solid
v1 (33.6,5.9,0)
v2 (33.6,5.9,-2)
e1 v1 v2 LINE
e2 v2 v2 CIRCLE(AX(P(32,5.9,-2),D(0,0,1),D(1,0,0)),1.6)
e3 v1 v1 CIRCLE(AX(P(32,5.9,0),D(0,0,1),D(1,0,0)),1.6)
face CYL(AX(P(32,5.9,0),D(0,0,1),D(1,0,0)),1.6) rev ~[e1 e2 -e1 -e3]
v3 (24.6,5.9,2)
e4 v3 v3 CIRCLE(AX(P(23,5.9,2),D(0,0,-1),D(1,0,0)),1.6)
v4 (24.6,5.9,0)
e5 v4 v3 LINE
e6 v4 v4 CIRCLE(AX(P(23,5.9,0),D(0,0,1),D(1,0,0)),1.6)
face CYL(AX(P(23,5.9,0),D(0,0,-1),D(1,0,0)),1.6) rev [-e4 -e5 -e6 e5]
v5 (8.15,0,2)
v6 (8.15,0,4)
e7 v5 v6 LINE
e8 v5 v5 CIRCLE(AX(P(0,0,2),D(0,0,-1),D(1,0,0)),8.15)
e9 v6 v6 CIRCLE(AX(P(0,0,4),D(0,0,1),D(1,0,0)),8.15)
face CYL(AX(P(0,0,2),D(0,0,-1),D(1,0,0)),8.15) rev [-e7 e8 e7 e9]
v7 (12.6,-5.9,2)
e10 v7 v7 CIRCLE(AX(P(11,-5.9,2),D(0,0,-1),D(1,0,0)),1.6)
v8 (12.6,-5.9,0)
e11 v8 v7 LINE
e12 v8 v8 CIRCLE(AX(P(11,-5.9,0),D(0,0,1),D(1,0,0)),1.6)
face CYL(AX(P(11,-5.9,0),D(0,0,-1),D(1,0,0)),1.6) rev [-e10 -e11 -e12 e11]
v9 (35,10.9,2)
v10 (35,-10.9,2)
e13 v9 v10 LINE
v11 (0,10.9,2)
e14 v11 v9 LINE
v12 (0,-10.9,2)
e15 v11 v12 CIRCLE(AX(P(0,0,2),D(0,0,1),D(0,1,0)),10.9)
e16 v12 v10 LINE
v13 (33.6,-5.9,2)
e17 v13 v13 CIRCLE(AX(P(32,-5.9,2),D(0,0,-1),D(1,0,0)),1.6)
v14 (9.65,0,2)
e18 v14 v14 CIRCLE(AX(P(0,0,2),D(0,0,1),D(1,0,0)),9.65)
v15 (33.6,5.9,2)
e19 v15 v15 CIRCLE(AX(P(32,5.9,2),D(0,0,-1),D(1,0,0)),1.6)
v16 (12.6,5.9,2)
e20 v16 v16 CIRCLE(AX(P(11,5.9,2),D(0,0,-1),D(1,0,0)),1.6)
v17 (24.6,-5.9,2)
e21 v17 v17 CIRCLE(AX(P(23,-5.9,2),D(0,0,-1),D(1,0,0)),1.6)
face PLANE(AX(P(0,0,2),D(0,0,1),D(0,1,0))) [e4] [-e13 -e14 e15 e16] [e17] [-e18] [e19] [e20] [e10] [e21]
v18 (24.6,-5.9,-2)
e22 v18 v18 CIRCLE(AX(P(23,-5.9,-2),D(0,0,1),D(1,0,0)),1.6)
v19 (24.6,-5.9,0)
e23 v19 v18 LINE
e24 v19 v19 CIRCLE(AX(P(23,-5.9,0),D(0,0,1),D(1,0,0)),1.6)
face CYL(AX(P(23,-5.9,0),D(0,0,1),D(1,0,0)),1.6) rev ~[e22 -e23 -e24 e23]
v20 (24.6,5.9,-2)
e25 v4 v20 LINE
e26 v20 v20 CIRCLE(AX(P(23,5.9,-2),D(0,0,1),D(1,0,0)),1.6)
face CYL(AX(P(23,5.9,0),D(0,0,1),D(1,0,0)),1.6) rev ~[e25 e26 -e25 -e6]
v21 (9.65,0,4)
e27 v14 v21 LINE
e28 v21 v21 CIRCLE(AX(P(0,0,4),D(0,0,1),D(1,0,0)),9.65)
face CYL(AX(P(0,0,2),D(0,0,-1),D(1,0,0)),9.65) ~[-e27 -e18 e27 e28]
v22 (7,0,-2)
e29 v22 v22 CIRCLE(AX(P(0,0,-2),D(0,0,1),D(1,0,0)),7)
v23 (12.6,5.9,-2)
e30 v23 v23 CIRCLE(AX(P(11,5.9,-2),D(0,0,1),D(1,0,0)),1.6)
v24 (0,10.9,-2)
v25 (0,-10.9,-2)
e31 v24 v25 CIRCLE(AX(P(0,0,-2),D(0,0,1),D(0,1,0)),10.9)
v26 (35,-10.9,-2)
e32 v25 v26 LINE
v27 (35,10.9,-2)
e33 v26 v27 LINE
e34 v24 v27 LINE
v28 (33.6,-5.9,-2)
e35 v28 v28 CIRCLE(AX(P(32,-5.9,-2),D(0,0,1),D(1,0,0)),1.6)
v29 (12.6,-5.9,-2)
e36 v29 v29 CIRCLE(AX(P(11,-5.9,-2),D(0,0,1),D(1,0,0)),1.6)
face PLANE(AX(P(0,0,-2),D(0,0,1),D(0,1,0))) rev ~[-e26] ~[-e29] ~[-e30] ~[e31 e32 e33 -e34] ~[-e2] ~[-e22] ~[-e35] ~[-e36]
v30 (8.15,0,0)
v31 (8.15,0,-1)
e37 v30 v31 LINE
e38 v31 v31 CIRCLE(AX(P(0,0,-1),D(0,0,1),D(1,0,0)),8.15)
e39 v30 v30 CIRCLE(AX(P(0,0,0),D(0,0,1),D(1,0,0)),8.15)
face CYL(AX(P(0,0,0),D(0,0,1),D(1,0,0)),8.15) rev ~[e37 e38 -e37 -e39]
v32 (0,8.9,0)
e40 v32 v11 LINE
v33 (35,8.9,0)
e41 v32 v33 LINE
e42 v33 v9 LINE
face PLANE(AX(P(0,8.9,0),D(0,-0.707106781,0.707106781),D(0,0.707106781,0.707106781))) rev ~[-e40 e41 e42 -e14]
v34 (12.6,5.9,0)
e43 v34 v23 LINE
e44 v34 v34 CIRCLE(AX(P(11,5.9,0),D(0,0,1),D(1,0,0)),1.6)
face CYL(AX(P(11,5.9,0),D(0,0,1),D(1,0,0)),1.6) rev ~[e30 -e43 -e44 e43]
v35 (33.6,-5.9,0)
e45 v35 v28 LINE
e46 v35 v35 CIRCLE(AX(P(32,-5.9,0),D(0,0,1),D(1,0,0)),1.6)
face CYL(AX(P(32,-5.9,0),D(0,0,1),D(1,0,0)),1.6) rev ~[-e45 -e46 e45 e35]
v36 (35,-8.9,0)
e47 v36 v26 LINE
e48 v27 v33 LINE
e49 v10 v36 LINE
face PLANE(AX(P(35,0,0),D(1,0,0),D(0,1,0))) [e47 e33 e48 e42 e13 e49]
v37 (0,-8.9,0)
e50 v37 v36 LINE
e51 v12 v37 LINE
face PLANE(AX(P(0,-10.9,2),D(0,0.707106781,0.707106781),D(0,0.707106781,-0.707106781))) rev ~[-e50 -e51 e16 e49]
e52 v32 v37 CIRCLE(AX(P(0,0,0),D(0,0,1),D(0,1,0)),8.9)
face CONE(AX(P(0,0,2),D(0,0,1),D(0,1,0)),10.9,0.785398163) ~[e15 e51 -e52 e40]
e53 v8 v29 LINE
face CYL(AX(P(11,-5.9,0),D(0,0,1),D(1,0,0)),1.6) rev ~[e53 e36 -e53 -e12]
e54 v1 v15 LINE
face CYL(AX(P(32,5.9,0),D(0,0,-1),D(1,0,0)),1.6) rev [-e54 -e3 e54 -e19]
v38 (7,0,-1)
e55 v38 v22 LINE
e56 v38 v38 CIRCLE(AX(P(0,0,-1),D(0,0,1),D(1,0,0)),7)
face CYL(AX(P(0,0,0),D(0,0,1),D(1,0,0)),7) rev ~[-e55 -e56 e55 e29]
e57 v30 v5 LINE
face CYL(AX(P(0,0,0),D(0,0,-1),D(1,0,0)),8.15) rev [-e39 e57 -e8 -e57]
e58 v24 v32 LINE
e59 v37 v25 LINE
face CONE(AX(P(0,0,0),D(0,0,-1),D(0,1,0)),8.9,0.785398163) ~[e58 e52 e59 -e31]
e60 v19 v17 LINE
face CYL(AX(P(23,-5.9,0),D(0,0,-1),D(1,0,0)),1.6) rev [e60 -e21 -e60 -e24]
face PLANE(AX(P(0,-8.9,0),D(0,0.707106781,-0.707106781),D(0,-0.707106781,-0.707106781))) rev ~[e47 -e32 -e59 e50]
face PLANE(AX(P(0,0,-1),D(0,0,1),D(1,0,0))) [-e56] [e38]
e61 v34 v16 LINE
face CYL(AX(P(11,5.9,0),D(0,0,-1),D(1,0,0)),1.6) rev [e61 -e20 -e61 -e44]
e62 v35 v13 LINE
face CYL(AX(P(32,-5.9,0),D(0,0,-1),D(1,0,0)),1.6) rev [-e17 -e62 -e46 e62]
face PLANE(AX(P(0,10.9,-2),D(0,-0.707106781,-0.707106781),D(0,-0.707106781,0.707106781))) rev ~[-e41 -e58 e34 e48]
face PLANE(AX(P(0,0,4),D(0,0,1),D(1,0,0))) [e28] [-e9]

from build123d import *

# Parameters (mm, degrees)
PAD_DEPTH            = 35
SKETCH004_R          = 1.6
POCKET_DEPTH         = 2.001
POCKET_DEPTH_BACK    = 2.001
SKETCH006_R          = 7
POCKET001_DEPTH      = 2.001
POCKET001_DEPTH_BACK = 2.001
SKETCH005_R          = 8.15
POCKET002_DEPTH      = 1
POCKET002_DEPTH_BACK = 100
SKETCH007_R          = 9.65
SKETCH007_R_2        = 8.15
PAD001_DEPTH         = 2


with BuildPart() as part:
    # Sketch → Pad (new body)
    with BuildSketch(Plane.YZ):
        Polygon((0, 2), (-10.9, 2), (-8.9, 0), (-10.9, -2), (0, -2), (10.9, -2), (8.9, 0), (10.9, 2), align=None)
    extrude(amount=PAD_DEPTH)

    # Sketch002 (on DatumPlane) → AdditiveLoft section 0
    with BuildSketch(Plane.XY.offset(2)):
        with BuildLine():
            ThreePointArc((0, 10.9), (-10.9, 0), (0, -10.9))
            Line((0, 10.9), (0, -10.9))
        make_face()
    # Sketch001 → AdditiveLoft section 1
    with BuildSketch(Plane.XY):
        with BuildLine():
            ThreePointArc((0, 8.9), (-8.9, 0), (0, -8.9))
            Line((0, 8.9), (0, -8.9))
        make_face()
    # Sketch003 (on DatumPlane) → AdditiveLoft section 2
    with BuildSketch(Plane.XY.offset(-2)):
        with BuildLine():
            ThreePointArc((0, 10.9), (-10.9, 0), (0, -10.9))
            Line((0, 10.9), (0, -10.9))
        make_face()
    loft(ruled=True)

    # Sketch004 → Pocket (cut, two sides)
    with BuildSketch(Plane.XY) as pocket_sk:
        with Locations((32, 5.9)):
            Circle(SKETCH004_R)
        with Locations((32, -5.9)):
            Circle(SKETCH004_R)
        with Locations((23, 5.9)):
            Circle(SKETCH004_R)
        with Locations((11, 5.9)):
            Circle(SKETCH004_R)
        with Locations((23, -5.9)):
            Circle(SKETCH004_R)
        with Locations((11, -5.9)):
            Circle(SKETCH004_R)
    extrude(amount=-POCKET_DEPTH, mode=Mode.SUBTRACT)
    extrude(pocket_sk.sketch, amount=POCKET_DEPTH_BACK, mode=Mode.SUBTRACT)

    # Sketch006 → Pocket001 (cut, two sides)
    with BuildSketch(Plane.XY) as pocket001_sk:
        Circle(SKETCH006_R)
    extrude(amount=-POCKET001_DEPTH, mode=Mode.SUBTRACT)
    extrude(pocket001_sk.sketch, amount=POCKET001_DEPTH_BACK, mode=Mode.SUBTRACT)

    # Sketch005 → Pocket002 (cut, two sides)
    with BuildSketch(Plane.XY) as pocket002_sk:
        Circle(SKETCH005_R)
    extrude(amount=-POCKET002_DEPTH, mode=Mode.SUBTRACT)
    extrude(pocket002_sk.sketch, amount=POCKET002_DEPTH_BACK, mode=Mode.SUBTRACT)

    # Sketch007 (on DatumPlane) → Pad001 (join)
    with BuildSketch(Plane.XY.offset(2)):
        Circle(SKETCH007_R)
        Circle(SKETCH007_R_2, mode=Mode.SUBTRACT)
    extrude(amount=PAD001_DEPTH)


solid = part.part
